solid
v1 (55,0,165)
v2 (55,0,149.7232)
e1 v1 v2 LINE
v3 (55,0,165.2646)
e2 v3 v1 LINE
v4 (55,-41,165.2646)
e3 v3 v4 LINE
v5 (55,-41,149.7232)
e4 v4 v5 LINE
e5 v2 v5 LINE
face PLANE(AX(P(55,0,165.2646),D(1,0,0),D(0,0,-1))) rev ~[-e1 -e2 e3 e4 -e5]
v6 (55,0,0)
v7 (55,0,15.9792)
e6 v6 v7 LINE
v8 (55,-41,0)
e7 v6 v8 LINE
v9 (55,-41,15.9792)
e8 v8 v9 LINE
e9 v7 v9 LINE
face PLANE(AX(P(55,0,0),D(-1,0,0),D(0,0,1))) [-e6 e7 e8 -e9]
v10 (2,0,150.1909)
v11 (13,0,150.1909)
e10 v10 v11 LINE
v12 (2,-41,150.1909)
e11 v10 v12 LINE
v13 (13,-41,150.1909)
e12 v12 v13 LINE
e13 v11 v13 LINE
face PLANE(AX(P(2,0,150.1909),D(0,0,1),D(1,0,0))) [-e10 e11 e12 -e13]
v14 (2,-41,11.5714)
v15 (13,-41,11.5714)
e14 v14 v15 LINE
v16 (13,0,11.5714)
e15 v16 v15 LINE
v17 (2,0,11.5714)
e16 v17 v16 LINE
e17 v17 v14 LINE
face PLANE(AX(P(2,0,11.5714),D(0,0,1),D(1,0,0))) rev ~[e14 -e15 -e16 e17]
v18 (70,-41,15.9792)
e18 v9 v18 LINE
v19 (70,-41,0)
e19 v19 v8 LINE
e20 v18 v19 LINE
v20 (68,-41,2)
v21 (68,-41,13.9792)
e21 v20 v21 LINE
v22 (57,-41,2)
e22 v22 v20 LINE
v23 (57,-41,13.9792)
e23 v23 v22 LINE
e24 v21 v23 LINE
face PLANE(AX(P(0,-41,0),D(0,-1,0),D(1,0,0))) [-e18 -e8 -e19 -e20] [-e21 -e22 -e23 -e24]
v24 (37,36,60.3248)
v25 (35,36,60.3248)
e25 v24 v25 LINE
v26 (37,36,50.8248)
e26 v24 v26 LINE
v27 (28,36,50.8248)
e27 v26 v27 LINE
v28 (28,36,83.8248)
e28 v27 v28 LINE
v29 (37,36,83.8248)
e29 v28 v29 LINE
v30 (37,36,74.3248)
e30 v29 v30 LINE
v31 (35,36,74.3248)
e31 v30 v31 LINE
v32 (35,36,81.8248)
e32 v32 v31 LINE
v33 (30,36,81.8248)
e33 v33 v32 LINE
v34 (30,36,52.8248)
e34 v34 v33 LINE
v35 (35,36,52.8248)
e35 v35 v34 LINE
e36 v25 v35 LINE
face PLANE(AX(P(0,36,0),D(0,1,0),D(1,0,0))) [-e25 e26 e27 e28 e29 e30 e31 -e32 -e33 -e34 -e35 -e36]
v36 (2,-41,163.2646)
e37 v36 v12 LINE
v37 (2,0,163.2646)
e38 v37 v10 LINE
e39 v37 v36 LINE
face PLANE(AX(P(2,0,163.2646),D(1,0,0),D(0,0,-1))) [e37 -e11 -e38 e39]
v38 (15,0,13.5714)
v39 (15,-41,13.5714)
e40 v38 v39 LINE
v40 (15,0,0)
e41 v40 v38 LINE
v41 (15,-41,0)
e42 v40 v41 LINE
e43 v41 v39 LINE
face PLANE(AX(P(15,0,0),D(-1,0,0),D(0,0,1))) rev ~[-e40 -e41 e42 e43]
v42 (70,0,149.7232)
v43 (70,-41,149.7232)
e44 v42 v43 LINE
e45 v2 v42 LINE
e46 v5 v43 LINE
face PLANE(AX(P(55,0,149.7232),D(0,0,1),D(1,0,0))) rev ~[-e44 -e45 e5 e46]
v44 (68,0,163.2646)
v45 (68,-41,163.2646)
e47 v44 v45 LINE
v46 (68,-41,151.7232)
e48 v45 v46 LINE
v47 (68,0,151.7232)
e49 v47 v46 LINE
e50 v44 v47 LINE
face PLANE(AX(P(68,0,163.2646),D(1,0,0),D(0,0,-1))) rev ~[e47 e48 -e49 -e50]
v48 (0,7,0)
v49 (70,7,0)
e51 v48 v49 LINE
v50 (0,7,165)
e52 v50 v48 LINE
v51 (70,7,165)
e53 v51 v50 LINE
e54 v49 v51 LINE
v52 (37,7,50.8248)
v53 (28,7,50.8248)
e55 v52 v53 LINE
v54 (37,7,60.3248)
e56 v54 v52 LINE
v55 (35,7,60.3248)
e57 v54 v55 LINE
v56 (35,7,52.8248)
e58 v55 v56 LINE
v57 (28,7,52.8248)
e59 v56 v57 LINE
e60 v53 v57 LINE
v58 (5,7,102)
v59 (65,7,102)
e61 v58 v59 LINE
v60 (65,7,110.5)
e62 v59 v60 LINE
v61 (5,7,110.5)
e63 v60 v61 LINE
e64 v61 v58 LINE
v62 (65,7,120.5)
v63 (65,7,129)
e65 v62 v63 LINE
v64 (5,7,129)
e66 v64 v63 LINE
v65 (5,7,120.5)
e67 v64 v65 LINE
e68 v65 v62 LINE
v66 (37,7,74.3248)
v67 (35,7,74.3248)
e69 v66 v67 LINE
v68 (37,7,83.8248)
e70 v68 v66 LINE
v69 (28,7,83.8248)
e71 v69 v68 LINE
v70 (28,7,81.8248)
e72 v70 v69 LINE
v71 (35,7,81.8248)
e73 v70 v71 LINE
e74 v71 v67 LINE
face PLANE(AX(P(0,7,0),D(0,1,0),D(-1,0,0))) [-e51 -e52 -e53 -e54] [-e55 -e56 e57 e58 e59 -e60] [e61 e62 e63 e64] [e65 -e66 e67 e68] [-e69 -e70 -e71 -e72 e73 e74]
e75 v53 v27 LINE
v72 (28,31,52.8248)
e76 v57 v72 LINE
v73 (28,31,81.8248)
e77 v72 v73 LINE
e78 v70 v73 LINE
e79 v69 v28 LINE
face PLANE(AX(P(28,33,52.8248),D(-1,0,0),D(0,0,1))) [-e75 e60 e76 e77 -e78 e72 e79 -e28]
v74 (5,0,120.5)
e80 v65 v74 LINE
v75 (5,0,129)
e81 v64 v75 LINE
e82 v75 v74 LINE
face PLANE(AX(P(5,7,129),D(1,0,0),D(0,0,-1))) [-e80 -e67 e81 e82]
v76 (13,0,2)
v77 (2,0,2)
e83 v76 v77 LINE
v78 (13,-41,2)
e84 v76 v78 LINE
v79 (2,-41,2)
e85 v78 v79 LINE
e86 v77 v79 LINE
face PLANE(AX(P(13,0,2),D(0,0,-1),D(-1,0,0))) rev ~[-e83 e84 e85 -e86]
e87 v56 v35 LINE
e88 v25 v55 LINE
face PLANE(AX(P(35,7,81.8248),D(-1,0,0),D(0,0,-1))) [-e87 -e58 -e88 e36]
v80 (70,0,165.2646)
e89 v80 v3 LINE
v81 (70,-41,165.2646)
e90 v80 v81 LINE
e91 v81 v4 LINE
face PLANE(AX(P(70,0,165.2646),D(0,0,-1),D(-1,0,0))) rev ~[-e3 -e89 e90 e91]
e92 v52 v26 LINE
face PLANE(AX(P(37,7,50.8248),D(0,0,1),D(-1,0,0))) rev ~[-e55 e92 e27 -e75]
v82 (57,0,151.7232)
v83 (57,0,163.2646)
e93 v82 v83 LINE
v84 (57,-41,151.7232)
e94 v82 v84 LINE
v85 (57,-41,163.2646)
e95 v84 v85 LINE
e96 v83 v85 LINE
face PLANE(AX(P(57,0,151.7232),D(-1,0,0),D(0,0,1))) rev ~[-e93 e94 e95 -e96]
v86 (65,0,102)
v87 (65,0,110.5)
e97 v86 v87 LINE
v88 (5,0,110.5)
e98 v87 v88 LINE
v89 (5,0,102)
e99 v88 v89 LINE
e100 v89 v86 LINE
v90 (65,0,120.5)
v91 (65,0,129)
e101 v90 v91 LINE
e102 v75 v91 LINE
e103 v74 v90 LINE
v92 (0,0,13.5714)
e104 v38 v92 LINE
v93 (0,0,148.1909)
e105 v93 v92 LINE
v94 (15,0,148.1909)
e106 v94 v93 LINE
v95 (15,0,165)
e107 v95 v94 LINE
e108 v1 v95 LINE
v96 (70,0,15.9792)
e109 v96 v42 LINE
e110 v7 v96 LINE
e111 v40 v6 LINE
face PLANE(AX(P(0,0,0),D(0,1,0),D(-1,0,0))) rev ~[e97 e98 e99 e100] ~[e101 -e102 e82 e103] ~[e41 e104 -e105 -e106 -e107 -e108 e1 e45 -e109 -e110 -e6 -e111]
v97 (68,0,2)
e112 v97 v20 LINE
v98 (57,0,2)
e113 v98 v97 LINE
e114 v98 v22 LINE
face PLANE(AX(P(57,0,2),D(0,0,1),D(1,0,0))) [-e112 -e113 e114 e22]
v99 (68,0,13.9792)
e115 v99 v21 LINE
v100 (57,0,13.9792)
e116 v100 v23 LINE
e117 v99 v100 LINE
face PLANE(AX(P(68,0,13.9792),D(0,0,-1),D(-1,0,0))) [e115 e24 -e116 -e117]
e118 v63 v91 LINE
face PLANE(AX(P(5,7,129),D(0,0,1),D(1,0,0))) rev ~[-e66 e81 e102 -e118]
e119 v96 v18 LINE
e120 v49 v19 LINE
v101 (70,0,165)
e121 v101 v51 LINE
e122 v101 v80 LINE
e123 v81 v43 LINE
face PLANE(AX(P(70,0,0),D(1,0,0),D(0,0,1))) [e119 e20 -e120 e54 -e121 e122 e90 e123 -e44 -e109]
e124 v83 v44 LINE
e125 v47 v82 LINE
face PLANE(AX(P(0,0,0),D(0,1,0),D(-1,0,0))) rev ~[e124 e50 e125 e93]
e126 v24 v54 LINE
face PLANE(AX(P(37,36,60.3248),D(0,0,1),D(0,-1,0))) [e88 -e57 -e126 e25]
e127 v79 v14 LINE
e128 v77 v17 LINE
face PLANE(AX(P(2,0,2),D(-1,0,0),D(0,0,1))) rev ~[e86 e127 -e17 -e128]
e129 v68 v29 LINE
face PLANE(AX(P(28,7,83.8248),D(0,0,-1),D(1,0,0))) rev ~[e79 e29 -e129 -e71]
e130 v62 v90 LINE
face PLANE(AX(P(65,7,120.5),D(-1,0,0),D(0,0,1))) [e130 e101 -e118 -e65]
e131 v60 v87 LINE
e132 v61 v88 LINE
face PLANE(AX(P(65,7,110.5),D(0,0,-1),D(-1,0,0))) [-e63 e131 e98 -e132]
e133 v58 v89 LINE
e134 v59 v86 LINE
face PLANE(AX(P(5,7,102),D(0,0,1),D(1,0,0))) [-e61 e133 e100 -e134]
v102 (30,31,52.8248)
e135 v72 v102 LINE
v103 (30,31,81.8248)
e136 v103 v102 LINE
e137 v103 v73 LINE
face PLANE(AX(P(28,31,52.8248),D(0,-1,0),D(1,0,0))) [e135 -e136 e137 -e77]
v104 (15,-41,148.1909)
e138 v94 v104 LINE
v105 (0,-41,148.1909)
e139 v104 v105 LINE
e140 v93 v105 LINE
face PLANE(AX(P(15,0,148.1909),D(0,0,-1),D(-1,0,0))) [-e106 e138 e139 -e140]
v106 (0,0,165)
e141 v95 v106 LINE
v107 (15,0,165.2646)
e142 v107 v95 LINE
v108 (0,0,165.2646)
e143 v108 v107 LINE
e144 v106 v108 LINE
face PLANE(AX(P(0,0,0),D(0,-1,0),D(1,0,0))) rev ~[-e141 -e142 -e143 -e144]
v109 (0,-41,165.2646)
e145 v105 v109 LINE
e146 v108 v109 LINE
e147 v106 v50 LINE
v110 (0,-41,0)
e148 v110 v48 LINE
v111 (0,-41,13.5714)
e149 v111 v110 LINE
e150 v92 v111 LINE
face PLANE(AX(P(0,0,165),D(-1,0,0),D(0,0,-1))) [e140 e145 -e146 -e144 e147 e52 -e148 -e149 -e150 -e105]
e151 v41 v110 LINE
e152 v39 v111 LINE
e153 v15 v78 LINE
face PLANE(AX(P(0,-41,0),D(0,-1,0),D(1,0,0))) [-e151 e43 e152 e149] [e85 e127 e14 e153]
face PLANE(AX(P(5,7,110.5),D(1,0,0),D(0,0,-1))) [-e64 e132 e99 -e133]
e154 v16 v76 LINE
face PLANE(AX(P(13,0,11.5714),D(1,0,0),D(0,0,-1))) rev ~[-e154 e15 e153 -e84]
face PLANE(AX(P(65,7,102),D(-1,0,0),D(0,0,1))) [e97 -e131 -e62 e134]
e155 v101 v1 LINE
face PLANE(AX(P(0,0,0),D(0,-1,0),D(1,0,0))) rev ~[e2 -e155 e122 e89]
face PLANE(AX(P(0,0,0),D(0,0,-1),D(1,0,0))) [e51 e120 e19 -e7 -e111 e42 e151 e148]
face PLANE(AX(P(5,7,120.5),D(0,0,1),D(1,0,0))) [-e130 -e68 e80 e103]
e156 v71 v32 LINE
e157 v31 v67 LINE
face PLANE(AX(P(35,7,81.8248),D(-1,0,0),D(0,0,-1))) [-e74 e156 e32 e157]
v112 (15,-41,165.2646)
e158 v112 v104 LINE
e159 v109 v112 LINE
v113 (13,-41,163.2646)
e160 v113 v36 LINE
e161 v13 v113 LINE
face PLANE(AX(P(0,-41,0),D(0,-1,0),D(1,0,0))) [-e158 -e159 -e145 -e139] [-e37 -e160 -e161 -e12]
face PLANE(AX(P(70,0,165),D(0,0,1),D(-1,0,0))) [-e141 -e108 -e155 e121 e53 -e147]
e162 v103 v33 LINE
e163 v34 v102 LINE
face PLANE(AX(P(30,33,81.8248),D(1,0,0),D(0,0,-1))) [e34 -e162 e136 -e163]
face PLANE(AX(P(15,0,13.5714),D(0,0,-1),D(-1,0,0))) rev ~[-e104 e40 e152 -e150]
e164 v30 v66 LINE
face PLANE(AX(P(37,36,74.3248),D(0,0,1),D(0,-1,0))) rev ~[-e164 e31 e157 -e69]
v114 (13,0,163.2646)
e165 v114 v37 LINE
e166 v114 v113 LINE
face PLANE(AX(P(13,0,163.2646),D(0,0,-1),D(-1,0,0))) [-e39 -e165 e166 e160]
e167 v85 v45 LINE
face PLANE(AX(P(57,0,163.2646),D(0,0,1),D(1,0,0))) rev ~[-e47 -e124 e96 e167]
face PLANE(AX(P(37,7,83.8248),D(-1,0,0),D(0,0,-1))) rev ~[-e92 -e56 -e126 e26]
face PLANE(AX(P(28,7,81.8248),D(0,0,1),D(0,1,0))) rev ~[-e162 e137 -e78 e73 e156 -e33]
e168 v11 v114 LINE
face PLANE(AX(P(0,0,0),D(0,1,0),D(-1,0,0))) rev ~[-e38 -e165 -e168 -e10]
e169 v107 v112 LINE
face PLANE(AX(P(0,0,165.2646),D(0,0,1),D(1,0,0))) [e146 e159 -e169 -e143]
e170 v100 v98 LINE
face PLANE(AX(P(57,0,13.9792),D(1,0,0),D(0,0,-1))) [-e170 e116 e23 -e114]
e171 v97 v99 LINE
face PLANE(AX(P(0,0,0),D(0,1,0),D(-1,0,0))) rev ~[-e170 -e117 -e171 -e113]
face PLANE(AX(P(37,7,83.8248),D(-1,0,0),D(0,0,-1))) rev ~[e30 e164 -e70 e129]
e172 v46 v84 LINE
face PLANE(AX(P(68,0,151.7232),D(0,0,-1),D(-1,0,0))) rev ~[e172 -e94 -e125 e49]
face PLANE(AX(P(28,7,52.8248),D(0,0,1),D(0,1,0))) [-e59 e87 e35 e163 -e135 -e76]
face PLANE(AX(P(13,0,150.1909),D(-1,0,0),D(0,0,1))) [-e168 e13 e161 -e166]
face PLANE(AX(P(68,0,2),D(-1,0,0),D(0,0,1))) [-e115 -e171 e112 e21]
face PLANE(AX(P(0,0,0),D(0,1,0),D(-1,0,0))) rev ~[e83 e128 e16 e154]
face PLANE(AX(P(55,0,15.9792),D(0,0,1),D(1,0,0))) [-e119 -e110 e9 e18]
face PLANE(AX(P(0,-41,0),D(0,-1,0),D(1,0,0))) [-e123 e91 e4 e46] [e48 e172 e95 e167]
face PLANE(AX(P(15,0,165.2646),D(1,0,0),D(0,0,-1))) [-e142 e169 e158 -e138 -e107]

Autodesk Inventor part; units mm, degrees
ref_plane "YZ Plane" through (0, 0, 0) normal (1, 0, 0) x (0, 1, 0)
ref_plane "XZ Plane" through (0, 0, 0) normal (0, 1, 0) x (-1, 0, 0)
ref_plane "XY Plane" through (0, 0, 0) normal (0, 0, 1) x (1, 0, 0)
sketch "Sketch1" plane through (0, 0, 0) normal (0, 1, 0) x (-1, 0, 0)
  line L0 (0, 0) -> (-70, 0)
  line L1 (-70, 0) -> (-70, 165)
  line L2 (-70, 165) -> (0, 165)
  line L3 (0, 165) -> (0, 0)
  dimension "d0" = 70
  dimension "d1" = 165
extrude "Extrusion1" add sketch "Sketch1" along normal blind 7
sketch "Sketch2" plane through (0, 0, 0) normal (0, -1, 0) x (1, 0, 0)
  line L0 (70, 165) -> (70, 0) projected
  line L1 (70, 0) -> (55, 0)
  line L2 (55, 0) -> (55, 15.9792)
  line L3 (55, 15.9792) -> (70, 15.9792)
  line L4 (70, 15.9792) -> (70, 0)
  line L5 (70, 0) -> (0, 0) projected
  line L6 (0, 0) -> (15, 0)
  line L7 (15, 0) -> (15, 13.5714)
  line L8 (15, 13.5714) -> (0, 13.5714)
  line L9 (0, 13.5714) -> (0, 0)
  line L10 (70, 165.2646) -> (55, 165.2646)
  line L11 (55, 165.2646) -> (55, 149.7232)
  line L12 (55, 149.7232) -> (70, 149.7232)
  line L13 (70, 149.7232) -> (70, 165.2646)
  line L14 (0, 165.2646) -> (15, 165.2646)
  line L15 (15, 165.2646) -> (15, 148.1909)
  line L16 (15, 148.1909) -> (0, 148.1909)
  line L17 (0, 148.1909) -> (0, 165.2646)
  line L18 (68, 151.7232) -> (57, 151.7232)
  line L19 (57, 151.7232) -> (57, 163.2646)
  line L20 (57, 163.2646) -> (68, 163.2646)
  line L21 (68, 163.2646) -> (68, 151.7232)
  line L22 (2, 150.1909) -> (13, 150.1909)
  line L23 (13, 150.1909) -> (13, 163.2646)
  line L24 (13, 163.2646) -> (2, 163.2646)
  line L25 (2, 163.2646) -> (2, 150.1909)
  line L26 (2, 11.5714) -> (13, 11.5714)
  line L27 (13, 11.5714) -> (13, 2)
  line L28 (13, 2) -> (2, 2)
  line L29 (2, 2) -> (2, 11.5714)
  line L30 (68, 13.9792) -> (57, 13.9792)
  line L31 (57, 13.9792) -> (57, 2)
  line L32 (57, 2) -> (68, 2)
  line L33 (68, 2) -> (68, 13.9792)
  dimension "d4" = 15
  dimension "d5" = 15
  dimension "d6" = 15
  dimension "d7" = 15
  dimension "d8" = 2
  dimension "d9" = 2
  dimension "d10" = 2
  dimension "d11" = 2
extrude "Extrusion2" add sketch "Sketch2" along normal blind 41
sketch "Sketch3" plane through (0, 7, 0) normal (0, 1, 0) x (1, 0, 0)
  line L0 (18.4911, -158.4869) -> (54.4911, -158.4869) construction
  line L1 (0, -165) -> (70, -165) projected
  line L2 (0, -165) -> (0, -129)
  line L3 (0, -13.5714) -> (0, -148.1909) projected
  line L4 (0, -129) -> (70, -129)
  line L5 (70, -165) -> (70, 0) projected
  line L6 (70, -129) -> (5, -129)
  line L7 (5, -129) -> (5, -120.5)
  line L8 (5, -120.5) -> (70, -120.5)
  line L9 (70, -120.5) -> (70, -129)
  line L10 (70, -110.5) -> (5, -110.5)
  line L11 (5, -110.5) -> (5, -102)
  line L12 (5, -102) -> (70, -102)
  line L13 (70, -102) -> (70, -110.5)
  line L14 (5, -102) -> (65, -102)
  line L15 (65, -182) -> (5, -182)
  line L16 (5, -182) -> (5, -102)
  line L17 (5, -120.5) -> (65, -120.5)
  line L18 (65, -120.5) -> (65, -129)
  line L19 (65, -129) -> (5, -129)
  line L20 (5, -129) -> (5, -120.5)
  line L21 (5, -102) -> (65, -102)
  line L22 (65, -102) -> (65, -110.5)
  line L23 (65, -110.5) -> (5, -110.5)
  line L24 (5, -110.5) -> (5, -102)
  point P0 (0, 0)
  dimension "d16" = 36
  dimension "d17" = 65
  dimension "d18" = 8.5
  dimension "d20" = 65
  dimension "d21" = 8.5
  dimension "d22" = 60
  dimension "d23" = 80
  dimension "d24" = 60
  dimension "d25" = 8.5
  dimension "d26" = 60
  dimension "d27" = 8.5
extrude "Extrusion3" cut sketch "Sketch3" against normal blind 7 contours L7 L8 L18 L4 | L11 L12 L22 L10
sketch "Sketch4" plane through (0, 7, 0) normal (0, 1, 0) x (1, 0, 0)
  line L0 (35, -52.8248) -> (30, -52.8248)
  line L1 (30, -52.8248) -> (30, -81.8248)
  line L2 (30, -81.8248) -> (35, -81.8248)
  line L3 (35, -81.8248) -> (35, -52.8248)
  line L4 (37, -50.8248) -> (28, -50.8248)
  line L5 (28, -50.8248) -> (28, -83.8248)
  line L6 (28, -83.8248) -> (37, -83.8248)
  line L7 (37, -83.8248) -> (37, -50.8248)
  point P0 (0, 0)
  dimension "d30" = 5
  dimension "d31" = 29
  dimension "d32" = 2
extrude "Extrusion4" add sketch "Sketch4" along normal blind 29
sketch "Sketch5" plane through (28, 7, 50.8248) normal (-1, 0, 0) x (0, 0, 1)
  line L0 (2, 0) -> (2, 29) projected
  line L1 (2, 29) -> (2, 0)
  line L2 (31, 0) -> (31, 29) projected
  line L3 (2, 0) -> (31, 0)
  line L4 (31, 0) -> (31, 29)
  line L5 (31, 29) -> (2, 29)
  line L6 (2, 29) -> (31, 29)
  line L7 (31, 29) -> (31, 26)
  line L8 (31, 26) -> (2, 26)
  line L9 (2, 26) -> (2, 29)
  line L10 (2, 26) -> (31, 26)
  line L11 (31, 26) -> (31, 0)
  line L12 (31, 0) -> (2, 0)
  line L13 (2, 0) -> (2, 26)
  point P0 (-50.8248, -7)
  dimension "d35" = 29
  dimension "d36" = 3
extrude "Extrusion5" cut sketch "Sketch5" against normal blind 2 contours L0 L8 L2 L3
sketch "Sketch6" plane through (37, 7, 83.8248) normal (1, 0, 0) x (0, 0, -1)
  line L0 (2, 29) -> (31, 29) projected
  line L1 (16.5, 29) -> (16.5, 0)
  line L2 (2, 0) -> (31, 0) projected
  line L3 (23.5, 29) -> (23.5, 0)
  line L4 (9.5, 29) -> (9.5, 0)
  line L5 (9.5, 29) -> (23.5, 29)
  line L6 (23.5, 29) -> (23.5, 0)
  line L7 (23.5, 0) -> (9.5, 0)
  line L8 (9.5, 0) -> (9.5, 29)
  point P0 (83.8248, -7)
  point P1 (23.5, 0)
  point P2 (23.5, 29)
  point P3 (9.5, 29)
  point P4 (9.5, 0)
  dimension "d39" = 7
  dimension "d40" = 7
extrude "Extrusion6" cut sketch "Sketch6" against normal blind 2
sketch "Sketch7" plane through (28, 33, 52.8248) normal (0, -1, 0) x (1, 0, 0)
  line L0 (0, 0) -> (0, 29) projected
  line L1 (2, 29) -> (2, 0) projected
  line L2 (0, 0) -> (2, 0)
  line L3 (2, 0) -> (2, 29)
  line L4 (2, 29) -> (0, 29)
  line L5 (0, 29) -> (0, 0)
  point P0 (-28, -52.8248)
  point P1 (2, 0)
extrude "Extrusion7" add sketch "Sketch7" along normal blind 2
properties part number "piano laterale"
